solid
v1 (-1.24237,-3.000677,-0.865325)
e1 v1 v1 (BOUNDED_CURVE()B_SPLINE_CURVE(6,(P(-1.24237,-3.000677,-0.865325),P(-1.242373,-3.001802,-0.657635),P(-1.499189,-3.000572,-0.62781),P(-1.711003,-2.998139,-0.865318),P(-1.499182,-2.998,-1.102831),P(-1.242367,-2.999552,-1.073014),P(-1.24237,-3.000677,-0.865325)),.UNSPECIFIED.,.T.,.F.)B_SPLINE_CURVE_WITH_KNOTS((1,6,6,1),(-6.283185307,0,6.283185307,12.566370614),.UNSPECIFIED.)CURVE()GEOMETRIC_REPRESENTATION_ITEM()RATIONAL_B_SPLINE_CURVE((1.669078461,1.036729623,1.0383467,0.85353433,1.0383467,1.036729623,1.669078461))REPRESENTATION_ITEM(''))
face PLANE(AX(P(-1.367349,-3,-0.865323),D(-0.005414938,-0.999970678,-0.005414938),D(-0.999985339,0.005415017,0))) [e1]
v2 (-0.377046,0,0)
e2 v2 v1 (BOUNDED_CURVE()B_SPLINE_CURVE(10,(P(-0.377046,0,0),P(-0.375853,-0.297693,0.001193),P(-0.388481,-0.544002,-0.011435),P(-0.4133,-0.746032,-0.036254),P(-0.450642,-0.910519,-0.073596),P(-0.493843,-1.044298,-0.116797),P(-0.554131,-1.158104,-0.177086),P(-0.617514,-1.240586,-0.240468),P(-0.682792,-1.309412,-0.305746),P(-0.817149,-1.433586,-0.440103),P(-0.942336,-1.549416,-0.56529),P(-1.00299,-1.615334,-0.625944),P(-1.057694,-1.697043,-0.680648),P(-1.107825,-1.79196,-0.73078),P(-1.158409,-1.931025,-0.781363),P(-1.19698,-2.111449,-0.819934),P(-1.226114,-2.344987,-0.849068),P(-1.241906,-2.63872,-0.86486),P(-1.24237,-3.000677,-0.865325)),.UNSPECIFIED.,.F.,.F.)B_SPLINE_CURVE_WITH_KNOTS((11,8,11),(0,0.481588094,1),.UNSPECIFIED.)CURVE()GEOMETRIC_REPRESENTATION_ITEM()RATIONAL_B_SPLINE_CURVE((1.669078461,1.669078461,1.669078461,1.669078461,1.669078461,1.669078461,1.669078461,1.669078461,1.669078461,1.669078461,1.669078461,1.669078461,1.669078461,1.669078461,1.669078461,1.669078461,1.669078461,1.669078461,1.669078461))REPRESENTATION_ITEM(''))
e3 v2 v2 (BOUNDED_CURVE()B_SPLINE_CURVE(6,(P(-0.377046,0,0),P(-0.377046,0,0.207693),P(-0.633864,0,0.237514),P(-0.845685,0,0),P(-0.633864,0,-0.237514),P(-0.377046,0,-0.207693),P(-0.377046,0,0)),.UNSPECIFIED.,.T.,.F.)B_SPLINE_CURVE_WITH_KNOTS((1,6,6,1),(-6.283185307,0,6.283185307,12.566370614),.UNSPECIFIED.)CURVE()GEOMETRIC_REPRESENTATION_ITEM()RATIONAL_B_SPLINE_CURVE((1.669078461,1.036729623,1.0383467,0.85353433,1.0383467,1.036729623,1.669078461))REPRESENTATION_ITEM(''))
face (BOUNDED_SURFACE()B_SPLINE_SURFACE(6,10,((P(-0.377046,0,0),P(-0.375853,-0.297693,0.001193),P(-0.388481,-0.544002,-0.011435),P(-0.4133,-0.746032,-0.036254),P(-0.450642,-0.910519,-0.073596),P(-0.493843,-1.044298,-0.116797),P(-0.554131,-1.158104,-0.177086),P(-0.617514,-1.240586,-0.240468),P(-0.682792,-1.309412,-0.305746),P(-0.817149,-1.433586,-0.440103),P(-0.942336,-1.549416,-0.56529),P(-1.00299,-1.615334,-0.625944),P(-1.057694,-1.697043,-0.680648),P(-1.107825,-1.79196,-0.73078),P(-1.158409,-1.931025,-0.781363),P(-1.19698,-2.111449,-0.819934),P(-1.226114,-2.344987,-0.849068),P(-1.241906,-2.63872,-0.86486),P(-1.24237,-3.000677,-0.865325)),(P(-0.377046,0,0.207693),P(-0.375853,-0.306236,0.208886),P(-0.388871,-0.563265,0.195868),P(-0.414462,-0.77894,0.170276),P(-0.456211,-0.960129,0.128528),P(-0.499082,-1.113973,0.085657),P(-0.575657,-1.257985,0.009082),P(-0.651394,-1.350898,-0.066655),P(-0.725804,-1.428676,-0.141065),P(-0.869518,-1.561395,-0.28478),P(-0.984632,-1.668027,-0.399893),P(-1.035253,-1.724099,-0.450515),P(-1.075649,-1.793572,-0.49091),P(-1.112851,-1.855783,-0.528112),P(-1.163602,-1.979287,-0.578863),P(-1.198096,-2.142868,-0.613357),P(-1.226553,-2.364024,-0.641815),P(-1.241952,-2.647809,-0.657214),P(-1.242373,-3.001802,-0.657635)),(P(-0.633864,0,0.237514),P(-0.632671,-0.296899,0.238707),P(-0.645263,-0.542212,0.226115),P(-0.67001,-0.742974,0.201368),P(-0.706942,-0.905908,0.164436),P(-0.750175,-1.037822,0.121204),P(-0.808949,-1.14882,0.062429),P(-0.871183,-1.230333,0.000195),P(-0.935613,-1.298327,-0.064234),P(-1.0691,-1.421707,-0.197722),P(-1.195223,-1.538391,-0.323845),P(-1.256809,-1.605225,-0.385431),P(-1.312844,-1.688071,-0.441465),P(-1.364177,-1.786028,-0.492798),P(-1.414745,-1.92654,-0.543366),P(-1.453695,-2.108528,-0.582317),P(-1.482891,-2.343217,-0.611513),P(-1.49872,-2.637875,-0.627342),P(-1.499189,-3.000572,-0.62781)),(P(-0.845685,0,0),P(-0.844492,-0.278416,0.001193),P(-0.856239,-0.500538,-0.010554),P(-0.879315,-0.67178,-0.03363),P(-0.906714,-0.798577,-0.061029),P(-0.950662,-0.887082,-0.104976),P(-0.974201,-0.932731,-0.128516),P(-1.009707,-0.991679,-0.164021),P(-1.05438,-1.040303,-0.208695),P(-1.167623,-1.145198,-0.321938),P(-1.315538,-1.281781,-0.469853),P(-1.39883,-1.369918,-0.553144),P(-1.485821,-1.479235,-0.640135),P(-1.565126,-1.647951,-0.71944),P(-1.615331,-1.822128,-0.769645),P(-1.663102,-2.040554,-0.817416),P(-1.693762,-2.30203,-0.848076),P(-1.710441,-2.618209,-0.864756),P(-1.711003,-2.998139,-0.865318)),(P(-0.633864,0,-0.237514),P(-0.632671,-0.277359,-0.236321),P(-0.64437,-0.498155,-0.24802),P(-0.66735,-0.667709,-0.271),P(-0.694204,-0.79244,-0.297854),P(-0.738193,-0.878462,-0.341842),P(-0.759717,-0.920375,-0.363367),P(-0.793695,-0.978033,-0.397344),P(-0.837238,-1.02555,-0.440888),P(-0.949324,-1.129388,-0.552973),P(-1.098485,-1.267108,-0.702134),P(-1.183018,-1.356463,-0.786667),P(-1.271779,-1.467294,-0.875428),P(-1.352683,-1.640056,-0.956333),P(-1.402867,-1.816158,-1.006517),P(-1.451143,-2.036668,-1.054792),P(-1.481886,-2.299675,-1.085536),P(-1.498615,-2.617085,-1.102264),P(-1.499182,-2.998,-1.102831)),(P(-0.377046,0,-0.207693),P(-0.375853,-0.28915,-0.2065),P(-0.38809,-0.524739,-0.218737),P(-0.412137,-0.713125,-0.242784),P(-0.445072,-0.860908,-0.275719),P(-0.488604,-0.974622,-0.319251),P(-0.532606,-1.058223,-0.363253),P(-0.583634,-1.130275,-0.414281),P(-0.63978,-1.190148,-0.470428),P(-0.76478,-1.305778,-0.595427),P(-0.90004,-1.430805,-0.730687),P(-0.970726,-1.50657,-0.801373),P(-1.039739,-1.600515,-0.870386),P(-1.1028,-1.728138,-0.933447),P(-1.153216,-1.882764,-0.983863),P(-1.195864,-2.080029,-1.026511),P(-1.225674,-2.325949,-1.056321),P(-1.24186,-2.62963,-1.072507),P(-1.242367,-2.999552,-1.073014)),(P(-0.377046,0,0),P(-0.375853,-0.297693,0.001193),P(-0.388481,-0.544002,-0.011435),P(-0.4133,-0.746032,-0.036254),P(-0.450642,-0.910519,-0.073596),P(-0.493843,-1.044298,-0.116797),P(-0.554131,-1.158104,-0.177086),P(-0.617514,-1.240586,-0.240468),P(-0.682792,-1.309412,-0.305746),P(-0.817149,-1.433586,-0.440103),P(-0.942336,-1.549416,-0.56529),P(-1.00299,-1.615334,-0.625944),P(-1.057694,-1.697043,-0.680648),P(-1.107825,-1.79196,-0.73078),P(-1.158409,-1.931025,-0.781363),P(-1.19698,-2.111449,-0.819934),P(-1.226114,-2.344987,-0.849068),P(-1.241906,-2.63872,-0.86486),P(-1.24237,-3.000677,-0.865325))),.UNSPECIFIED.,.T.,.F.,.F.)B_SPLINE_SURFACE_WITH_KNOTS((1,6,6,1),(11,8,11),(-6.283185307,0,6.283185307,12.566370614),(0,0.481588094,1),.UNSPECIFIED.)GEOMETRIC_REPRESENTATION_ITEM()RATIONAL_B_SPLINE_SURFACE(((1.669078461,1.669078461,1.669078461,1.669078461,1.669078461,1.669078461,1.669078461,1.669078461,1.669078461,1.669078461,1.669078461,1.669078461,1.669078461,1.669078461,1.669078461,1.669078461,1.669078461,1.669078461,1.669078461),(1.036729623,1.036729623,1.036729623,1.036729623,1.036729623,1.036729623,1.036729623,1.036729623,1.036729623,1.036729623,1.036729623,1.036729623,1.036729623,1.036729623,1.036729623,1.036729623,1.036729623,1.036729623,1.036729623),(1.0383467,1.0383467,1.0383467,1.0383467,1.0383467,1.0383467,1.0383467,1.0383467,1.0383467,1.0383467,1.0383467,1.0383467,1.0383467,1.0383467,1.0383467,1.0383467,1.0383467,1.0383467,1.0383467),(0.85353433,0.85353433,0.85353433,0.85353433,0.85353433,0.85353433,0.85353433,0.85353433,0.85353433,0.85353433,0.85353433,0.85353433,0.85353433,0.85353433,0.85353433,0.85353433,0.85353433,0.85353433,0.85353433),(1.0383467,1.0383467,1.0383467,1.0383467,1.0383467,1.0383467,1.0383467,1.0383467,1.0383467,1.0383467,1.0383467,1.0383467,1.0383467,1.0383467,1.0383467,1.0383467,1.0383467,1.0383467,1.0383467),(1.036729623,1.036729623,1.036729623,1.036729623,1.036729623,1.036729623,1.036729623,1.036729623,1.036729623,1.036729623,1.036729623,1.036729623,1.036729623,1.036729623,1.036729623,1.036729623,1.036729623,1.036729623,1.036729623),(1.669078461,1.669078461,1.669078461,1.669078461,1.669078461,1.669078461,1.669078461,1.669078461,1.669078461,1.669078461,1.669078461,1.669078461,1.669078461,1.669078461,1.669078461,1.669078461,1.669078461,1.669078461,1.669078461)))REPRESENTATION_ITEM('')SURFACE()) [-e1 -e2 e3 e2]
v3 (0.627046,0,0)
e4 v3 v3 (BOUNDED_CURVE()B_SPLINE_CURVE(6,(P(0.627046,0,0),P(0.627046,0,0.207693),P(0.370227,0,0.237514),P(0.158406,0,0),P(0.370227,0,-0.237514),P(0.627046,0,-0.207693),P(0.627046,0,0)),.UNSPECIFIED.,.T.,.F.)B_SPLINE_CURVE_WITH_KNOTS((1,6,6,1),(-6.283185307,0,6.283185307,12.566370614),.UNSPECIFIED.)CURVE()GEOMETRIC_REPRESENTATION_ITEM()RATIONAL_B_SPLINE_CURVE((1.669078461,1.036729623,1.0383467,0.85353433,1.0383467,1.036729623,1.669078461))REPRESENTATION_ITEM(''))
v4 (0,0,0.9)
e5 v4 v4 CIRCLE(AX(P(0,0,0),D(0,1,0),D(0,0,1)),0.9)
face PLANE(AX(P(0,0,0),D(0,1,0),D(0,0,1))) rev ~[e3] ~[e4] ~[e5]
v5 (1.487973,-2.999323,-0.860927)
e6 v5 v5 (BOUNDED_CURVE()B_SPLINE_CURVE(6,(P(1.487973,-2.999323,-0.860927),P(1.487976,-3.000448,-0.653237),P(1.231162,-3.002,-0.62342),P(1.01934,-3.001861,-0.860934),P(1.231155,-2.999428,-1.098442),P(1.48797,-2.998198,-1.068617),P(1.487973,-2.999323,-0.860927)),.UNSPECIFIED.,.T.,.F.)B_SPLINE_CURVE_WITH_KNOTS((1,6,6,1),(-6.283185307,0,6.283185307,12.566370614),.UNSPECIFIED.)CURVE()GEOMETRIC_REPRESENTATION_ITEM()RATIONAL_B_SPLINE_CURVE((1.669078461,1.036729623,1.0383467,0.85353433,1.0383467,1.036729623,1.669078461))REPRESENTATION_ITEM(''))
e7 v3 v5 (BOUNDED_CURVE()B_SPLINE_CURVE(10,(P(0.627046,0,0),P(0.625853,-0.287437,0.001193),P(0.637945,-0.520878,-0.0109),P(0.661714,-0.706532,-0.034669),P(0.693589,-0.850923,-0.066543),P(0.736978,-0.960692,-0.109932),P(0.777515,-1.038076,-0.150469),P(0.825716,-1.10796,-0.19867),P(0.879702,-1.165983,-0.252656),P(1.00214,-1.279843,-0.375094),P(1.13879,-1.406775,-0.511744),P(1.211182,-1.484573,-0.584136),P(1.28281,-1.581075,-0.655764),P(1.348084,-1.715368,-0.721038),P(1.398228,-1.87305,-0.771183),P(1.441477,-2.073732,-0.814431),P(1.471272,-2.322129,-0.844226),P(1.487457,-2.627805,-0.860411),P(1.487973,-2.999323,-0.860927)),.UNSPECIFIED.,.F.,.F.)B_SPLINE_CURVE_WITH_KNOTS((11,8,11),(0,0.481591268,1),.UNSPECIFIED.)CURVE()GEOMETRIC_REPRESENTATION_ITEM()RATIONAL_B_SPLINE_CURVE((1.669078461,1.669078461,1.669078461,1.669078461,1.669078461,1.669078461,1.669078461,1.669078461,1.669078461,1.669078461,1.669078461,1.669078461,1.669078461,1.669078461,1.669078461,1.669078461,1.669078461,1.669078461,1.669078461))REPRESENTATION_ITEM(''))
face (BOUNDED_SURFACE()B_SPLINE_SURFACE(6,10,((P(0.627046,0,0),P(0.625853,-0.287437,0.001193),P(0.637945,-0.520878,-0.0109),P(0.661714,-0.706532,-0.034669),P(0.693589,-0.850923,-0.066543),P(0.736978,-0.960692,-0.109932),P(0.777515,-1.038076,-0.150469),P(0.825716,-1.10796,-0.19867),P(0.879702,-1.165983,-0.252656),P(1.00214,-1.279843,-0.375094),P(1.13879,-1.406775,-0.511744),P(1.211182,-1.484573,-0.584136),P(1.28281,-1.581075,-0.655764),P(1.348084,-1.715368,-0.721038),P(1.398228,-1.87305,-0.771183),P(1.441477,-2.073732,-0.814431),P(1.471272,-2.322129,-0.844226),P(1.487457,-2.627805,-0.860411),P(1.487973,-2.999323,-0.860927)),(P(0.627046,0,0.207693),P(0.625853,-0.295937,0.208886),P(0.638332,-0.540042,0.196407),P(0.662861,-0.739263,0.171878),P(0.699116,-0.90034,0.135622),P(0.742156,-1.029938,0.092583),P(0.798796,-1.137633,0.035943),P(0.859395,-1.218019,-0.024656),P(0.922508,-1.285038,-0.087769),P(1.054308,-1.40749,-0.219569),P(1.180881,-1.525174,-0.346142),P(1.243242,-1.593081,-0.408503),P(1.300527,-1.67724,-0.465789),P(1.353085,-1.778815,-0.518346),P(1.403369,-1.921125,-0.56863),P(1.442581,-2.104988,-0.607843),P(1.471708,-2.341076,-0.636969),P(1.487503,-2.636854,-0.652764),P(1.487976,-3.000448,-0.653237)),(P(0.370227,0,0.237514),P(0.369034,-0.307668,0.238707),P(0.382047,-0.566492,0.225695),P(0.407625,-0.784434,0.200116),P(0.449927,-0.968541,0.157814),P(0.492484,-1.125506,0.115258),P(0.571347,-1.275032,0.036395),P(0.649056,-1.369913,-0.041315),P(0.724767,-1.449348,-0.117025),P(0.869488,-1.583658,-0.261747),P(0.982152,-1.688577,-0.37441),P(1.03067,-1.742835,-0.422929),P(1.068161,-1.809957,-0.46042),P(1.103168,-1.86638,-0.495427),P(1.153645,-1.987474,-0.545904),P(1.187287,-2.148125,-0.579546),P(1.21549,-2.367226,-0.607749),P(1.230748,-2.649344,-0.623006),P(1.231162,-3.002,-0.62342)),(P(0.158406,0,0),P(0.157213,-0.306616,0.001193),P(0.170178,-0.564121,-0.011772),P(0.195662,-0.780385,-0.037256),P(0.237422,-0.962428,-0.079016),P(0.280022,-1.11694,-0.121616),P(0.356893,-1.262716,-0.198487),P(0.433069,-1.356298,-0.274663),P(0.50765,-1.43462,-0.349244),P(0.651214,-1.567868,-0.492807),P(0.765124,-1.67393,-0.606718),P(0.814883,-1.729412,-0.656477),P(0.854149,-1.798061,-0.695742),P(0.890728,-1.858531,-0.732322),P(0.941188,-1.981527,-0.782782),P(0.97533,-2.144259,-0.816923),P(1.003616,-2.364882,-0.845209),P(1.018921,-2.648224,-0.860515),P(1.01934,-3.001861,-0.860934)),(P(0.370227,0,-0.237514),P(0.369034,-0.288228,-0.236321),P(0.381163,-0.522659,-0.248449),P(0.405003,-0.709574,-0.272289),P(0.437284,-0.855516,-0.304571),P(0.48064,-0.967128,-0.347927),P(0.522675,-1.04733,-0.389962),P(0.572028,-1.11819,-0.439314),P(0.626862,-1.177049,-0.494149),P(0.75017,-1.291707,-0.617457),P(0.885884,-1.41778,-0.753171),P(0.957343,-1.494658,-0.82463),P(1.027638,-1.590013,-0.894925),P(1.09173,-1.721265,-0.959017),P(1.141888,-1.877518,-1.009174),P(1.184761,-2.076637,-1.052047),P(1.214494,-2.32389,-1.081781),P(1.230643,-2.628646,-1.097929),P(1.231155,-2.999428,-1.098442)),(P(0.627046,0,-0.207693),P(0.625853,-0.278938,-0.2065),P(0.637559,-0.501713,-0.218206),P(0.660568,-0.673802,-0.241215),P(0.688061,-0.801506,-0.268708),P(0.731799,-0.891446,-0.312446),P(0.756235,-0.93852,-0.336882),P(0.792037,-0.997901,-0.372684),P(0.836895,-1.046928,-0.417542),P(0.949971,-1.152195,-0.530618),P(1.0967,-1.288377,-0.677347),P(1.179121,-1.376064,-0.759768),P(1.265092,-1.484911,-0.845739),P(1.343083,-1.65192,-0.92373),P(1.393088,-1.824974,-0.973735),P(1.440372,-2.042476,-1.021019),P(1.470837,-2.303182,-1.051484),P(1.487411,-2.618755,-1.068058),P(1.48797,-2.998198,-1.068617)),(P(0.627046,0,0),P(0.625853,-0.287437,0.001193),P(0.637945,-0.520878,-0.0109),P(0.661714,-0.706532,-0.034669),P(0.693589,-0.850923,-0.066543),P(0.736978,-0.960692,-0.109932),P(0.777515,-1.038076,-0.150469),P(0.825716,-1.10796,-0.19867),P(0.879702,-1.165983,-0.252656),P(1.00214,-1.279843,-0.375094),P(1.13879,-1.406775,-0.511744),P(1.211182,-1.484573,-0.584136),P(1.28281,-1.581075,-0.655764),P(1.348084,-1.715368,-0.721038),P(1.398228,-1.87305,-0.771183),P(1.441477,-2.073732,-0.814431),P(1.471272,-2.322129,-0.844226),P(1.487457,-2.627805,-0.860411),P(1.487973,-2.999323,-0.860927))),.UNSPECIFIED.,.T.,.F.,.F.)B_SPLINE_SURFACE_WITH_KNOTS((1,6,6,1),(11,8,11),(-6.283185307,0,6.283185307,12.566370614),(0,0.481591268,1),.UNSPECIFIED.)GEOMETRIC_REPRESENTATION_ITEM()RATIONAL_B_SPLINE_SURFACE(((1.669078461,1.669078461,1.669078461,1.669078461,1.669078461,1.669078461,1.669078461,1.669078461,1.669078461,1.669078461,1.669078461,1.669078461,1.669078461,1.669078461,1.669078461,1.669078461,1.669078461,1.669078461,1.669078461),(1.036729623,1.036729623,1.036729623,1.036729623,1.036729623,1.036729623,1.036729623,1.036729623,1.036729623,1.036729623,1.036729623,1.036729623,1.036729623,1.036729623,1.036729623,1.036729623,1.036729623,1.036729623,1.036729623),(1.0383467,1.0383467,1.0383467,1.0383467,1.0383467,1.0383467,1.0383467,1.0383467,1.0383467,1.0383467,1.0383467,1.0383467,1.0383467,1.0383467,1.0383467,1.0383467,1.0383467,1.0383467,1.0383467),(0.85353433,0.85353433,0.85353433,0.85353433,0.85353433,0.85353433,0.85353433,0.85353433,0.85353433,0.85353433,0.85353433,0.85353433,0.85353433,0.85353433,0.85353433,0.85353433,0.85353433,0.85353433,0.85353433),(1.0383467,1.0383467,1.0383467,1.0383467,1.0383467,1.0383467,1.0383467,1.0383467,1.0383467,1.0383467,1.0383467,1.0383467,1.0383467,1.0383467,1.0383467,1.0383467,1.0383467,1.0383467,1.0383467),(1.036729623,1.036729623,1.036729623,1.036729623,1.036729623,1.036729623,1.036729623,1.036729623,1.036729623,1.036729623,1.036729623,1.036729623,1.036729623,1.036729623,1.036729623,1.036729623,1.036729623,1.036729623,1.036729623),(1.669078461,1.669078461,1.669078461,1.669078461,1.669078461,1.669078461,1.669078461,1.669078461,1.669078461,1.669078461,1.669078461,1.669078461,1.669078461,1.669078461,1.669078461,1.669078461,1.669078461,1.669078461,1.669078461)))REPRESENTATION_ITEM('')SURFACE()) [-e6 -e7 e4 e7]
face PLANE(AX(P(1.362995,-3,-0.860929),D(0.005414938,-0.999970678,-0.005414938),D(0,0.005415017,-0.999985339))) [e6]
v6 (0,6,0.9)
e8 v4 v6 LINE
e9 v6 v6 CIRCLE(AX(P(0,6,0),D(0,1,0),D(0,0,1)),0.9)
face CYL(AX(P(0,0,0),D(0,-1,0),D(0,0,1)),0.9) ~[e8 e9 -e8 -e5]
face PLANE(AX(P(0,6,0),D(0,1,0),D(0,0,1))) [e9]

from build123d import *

# Parameters (mm, degrees)
SKETCH1_R           = 0.9
BOSS_EXTRUDE1_DEPTH = 6
SKETCH7_R           = 0.125
SKETCH8_R           = 0.125


with BuildPart() as part:
    # Sketch1 → Boss-Extrude1 (new body)
    with BuildSketch(Plane(origin=(0, 0, 0), x_dir=(1, 0, 0), z_dir=(0, 1, 0))):
        Circle(SKETCH1_R)
    extrude(amount=BOSS_EXTRUDE1_DEPTH)

    # Sweep1: sweep along a path in Sketch4
    with BuildLine() as sweep1_path:  # in the path sketch's own coordinates; laid on its plane below (add() does not lay a ready-made edge on the line's plane)
        add(Edge.make_bspline(
            [(0, -0.355), (2.024905843, -0.343321446), (0.641829723, -1.574292855), (3, -1.578751128)],
            knots=[0, 0, 0, 0, 1, 1, 1, 1], degree=3))
    # Sketch7 → Sweep1 (sweep)
    with BuildSketch(Plane.XZ):
        with Locations((-0.502045815, 0)):
            Circle(SKETCH7_R)
    sweep(path=Plane(origin=(-0.251022907, 0, 0.251022907), x_dir=(0, -1, 0), z_dir=(-0.7071067811865488, 0, 0.7071067811865464)) * sweep1_path.line)

    # Sweep2: sweep along a path in Sketch6
    with BuildLine() as sweep2_path:  # in the path sketch's own coordinates; laid on its plane below (add() does not lay a ready-made edge on the line's plane)
        add(Edge.make_bspline(
            [(0, -0.355), (2.024905843, -0.343321446), (0.641829723, -1.568079226), (3, -1.572537499)],
            knots=[0, 0, 0, 0, 1, 1, 1, 1], degree=3))
    # Sketch8 → Sweep2 (sweep)
    with BuildSketch(Plane.XZ):
        with Locations((0.502045815, 0)):
            Circle(SKETCH8_R)
    sweep(path=Plane(origin=(0.251022907, 0, 0.251022907), x_dir=(0, -1, 0), z_dir=(-0.7071067811865464, 0, -0.7071067811865488)) * sweep2_path.line)


solid = part.part
